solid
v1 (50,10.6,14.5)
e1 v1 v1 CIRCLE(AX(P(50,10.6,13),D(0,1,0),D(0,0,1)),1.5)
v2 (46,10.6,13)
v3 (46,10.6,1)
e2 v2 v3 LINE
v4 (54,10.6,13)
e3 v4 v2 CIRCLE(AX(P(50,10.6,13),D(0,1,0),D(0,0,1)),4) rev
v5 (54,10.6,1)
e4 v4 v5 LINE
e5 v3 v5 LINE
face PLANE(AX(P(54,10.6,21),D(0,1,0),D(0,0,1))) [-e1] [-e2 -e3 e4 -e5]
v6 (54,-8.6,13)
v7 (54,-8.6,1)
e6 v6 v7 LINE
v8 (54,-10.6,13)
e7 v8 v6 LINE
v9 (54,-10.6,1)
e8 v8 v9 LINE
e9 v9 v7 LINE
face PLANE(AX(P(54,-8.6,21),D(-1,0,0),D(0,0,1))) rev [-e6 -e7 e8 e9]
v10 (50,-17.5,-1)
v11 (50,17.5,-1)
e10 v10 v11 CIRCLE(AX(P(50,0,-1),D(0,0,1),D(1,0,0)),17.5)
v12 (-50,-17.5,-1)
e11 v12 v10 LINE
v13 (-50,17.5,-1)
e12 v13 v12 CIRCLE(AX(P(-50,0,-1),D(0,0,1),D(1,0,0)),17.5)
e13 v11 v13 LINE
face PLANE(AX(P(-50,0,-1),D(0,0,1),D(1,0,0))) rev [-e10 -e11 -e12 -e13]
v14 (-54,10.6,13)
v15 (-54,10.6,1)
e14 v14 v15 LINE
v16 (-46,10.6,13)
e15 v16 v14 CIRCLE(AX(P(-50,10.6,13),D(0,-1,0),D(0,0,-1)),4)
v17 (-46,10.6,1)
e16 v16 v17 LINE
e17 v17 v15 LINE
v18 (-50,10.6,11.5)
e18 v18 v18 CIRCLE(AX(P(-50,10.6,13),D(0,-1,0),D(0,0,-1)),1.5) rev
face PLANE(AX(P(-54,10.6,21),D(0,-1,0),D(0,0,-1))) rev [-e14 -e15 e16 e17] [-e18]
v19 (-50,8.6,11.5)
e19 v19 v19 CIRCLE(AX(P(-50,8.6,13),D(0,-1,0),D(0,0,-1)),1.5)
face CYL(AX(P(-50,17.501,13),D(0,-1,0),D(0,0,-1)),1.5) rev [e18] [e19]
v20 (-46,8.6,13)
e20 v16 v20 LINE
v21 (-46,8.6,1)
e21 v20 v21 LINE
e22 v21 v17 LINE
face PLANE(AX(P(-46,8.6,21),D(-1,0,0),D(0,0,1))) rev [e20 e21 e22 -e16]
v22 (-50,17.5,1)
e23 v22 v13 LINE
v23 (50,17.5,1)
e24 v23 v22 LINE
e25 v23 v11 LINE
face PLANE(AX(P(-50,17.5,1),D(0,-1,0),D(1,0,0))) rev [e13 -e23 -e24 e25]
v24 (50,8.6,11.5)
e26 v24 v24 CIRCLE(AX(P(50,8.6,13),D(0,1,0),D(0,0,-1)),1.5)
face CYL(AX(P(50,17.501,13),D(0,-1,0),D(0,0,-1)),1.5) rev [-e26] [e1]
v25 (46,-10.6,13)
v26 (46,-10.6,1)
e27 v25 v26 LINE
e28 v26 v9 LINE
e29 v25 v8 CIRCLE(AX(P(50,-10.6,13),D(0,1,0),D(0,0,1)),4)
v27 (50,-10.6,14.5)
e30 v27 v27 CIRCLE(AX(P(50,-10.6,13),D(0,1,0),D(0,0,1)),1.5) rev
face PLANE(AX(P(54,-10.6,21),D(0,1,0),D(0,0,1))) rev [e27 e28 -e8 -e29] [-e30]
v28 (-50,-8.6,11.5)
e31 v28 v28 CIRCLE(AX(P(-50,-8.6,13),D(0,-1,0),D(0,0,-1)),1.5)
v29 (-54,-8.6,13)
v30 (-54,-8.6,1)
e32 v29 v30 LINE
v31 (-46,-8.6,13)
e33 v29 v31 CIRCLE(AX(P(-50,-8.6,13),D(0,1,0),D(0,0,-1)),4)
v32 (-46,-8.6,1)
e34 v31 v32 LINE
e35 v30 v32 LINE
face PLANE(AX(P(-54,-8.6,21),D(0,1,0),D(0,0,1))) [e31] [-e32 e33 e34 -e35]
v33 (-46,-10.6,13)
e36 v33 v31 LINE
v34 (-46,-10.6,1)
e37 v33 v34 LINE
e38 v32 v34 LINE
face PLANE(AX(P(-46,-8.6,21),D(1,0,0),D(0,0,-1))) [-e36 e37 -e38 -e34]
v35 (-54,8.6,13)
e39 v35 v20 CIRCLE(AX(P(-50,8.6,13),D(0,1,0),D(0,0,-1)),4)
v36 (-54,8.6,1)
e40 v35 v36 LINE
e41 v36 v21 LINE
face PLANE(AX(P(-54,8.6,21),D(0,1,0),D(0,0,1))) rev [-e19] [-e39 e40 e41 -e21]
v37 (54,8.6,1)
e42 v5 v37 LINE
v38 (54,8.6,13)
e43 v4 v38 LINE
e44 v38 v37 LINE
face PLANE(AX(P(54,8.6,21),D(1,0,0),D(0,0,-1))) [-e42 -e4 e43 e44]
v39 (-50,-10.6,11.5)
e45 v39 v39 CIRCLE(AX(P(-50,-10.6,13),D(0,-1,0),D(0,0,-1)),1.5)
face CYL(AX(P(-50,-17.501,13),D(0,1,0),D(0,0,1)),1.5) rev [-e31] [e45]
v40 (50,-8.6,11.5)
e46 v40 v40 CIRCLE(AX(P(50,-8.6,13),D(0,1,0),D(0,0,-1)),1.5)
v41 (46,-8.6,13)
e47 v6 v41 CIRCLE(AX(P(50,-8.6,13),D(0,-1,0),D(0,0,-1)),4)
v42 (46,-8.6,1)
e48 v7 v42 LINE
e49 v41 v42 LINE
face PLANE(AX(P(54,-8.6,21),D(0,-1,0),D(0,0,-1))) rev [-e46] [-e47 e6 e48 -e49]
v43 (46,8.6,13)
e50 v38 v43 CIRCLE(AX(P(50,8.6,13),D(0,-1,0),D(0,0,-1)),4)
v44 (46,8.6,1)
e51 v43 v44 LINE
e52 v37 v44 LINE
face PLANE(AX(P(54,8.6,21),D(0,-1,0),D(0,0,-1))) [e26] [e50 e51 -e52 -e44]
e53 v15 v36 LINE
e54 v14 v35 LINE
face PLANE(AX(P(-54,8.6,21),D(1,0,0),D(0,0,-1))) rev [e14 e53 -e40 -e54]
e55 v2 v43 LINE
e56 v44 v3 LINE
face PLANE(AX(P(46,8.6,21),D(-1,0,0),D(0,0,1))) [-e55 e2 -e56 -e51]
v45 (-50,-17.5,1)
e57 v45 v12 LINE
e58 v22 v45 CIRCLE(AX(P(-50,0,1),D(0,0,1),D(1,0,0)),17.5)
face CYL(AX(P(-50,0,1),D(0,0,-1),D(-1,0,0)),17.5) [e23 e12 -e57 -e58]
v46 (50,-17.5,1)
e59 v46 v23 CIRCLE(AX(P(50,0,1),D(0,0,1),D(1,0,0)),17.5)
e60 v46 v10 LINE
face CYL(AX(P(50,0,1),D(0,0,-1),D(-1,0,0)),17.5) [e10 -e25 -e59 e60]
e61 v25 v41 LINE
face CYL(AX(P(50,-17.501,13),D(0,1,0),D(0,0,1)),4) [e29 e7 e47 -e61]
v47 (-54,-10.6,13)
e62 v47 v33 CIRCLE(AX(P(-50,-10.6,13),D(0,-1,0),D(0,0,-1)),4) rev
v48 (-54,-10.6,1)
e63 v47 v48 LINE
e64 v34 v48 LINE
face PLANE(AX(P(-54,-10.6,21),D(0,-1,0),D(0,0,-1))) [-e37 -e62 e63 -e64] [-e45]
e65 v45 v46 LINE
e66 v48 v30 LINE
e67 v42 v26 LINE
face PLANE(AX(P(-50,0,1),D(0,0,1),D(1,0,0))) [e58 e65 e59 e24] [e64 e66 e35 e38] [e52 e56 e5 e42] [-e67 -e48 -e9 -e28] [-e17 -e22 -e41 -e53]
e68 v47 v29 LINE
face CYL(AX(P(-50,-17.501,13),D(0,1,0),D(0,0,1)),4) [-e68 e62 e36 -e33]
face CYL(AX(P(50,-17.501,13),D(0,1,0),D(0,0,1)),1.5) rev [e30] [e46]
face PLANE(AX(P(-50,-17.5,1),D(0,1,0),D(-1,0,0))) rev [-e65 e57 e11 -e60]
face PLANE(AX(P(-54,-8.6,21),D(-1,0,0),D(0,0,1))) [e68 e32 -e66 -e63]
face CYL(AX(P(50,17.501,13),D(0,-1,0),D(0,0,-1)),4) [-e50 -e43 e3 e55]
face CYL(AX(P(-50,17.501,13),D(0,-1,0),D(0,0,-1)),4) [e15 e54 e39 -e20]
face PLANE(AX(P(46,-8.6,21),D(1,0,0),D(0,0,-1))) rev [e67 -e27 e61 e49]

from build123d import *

# Parameters (mm, degrees)
BOSS_EXTRUDE3_DEPTH     = 1
SKETCH2_W               = 8
SKETCH2_H               = 2
BOSS_EXTRUDE4_DEPTH     = 20
SKETCH5_R               = 1.5
CUT_EXTRUDE1_DEPTH      = 2
MIRROR2_COPY_1_SKETCH_W = 8
MIRROR2_COPY_1_SKETCH_H = 2
MIRROR2_COPY_1_DEPTH    = 20
MIRROR2_COPY_2_SKETCH_R = 1.5
MIRROR2_COPY_2_DEPTH    = 2


with BuildPart() as part:
    # Sketch1 → Boss-Extrude3 (new, symmetric)
    with BuildSketch(Plane.XY):
        with BuildLine():
            Line((-50, 17.5), (50, 17.5))
            ThreePointArc((50, 17.5), (67.5, 0), (50, -17.5))
            Line((50, -17.5), (-50, -17.5))
            ThreePointArc((-50, -17.5), (-67.5, 0), (-50, 17.5))
        make_face()
    extrude(amount=BOSS_EXTRUDE3_DEPTH, both=True)

    # Sketch2 → Boss-Extrude4 (add)
    with BuildSketch(Plane.XY.offset(1)):
        with Locations((-50, 9.6)):
            Rectangle(SKETCH2_W, SKETCH2_H)
    boss_extrude4 = extrude(amount=BOSS_EXTRUDE4_DEPTH)

    # Sketch5 → Cut-Extrude1 (cut)
    with BuildSketch(Plane.XZ.offset(-8.6)):
        with Locations(Location((-50, 13, 0), (0, 0, 270))):
            Circle(SKETCH5_R)
        with BuildLine():
            Line((-54, 13), (-54, 21))
            Line((-54, 21), (-46, 21))
            Line((-46, 21), (-46, 13))
            ThreePointArc((-46, 13), (-50, 17), (-54, 13))
        make_face()
    cut_extrude1 = extrude(amount=-CUT_EXTRUDE1_DEPTH, mode=Mode.SUBTRACT)

    # Mirror1: Boss-Extrude4, Cut-Extrude1 across plane
    add(boss_extrude4.mirror(Plane.ZX))
    add(cut_extrude1.mirror(Plane.ZX), mode=Mode.SUBTRACT)

    # Mirror2: Boss-Extrude4, Cut-Extrude1 across plane
    add(boss_extrude4.mirror(Plane(origin=(0, 0, 0), x_dir=(0, 0, 1), z_dir=(1, 0, 0))))
    add(cut_extrude1.mirror(Plane(origin=(0, 0, 0), x_dir=(0, 0, 1), z_dir=(1, 0, 0))), mode=Mode.SUBTRACT)

    # Mirror2 copy 1 sketch → Mirror2 copy 1 (add)
    with BuildSketch(Plane(origin=(0, 0, 1), x_dir=(-1, 0, 0), z_dir=(0, 0, 1))):
        with Locations((-50, 9.6)):
            Rectangle(MIRROR2_COPY_1_SKETCH_W, MIRROR2_COPY_1_SKETCH_H)
    extrude(amount=MIRROR2_COPY_1_DEPTH)

    # Mirror2 copy 2 sketch → Mirror2 copy 2 (cut)
    with BuildSketch(Plane(origin=(0, -8.6, 0), x_dir=(-1, 0, 0), z_dir=(0, 1, 0))):
        with Locations(Location((-50, 13, 0), (0, 0, 270))):
            Circle(MIRROR2_COPY_2_SKETCH_R)
        with BuildLine():
            Line((-54, 13), (-54, 21))
            Line((-54, 21), (-46, 21))
            Line((-46, 21), (-46, 13))
            ThreePointArc((-46, 13), (-50, 17), (-54, 13))
        make_face()
    extrude(amount=-MIRROR2_COPY_2_DEPTH, mode=Mode.SUBTRACT)


solid = part.part
